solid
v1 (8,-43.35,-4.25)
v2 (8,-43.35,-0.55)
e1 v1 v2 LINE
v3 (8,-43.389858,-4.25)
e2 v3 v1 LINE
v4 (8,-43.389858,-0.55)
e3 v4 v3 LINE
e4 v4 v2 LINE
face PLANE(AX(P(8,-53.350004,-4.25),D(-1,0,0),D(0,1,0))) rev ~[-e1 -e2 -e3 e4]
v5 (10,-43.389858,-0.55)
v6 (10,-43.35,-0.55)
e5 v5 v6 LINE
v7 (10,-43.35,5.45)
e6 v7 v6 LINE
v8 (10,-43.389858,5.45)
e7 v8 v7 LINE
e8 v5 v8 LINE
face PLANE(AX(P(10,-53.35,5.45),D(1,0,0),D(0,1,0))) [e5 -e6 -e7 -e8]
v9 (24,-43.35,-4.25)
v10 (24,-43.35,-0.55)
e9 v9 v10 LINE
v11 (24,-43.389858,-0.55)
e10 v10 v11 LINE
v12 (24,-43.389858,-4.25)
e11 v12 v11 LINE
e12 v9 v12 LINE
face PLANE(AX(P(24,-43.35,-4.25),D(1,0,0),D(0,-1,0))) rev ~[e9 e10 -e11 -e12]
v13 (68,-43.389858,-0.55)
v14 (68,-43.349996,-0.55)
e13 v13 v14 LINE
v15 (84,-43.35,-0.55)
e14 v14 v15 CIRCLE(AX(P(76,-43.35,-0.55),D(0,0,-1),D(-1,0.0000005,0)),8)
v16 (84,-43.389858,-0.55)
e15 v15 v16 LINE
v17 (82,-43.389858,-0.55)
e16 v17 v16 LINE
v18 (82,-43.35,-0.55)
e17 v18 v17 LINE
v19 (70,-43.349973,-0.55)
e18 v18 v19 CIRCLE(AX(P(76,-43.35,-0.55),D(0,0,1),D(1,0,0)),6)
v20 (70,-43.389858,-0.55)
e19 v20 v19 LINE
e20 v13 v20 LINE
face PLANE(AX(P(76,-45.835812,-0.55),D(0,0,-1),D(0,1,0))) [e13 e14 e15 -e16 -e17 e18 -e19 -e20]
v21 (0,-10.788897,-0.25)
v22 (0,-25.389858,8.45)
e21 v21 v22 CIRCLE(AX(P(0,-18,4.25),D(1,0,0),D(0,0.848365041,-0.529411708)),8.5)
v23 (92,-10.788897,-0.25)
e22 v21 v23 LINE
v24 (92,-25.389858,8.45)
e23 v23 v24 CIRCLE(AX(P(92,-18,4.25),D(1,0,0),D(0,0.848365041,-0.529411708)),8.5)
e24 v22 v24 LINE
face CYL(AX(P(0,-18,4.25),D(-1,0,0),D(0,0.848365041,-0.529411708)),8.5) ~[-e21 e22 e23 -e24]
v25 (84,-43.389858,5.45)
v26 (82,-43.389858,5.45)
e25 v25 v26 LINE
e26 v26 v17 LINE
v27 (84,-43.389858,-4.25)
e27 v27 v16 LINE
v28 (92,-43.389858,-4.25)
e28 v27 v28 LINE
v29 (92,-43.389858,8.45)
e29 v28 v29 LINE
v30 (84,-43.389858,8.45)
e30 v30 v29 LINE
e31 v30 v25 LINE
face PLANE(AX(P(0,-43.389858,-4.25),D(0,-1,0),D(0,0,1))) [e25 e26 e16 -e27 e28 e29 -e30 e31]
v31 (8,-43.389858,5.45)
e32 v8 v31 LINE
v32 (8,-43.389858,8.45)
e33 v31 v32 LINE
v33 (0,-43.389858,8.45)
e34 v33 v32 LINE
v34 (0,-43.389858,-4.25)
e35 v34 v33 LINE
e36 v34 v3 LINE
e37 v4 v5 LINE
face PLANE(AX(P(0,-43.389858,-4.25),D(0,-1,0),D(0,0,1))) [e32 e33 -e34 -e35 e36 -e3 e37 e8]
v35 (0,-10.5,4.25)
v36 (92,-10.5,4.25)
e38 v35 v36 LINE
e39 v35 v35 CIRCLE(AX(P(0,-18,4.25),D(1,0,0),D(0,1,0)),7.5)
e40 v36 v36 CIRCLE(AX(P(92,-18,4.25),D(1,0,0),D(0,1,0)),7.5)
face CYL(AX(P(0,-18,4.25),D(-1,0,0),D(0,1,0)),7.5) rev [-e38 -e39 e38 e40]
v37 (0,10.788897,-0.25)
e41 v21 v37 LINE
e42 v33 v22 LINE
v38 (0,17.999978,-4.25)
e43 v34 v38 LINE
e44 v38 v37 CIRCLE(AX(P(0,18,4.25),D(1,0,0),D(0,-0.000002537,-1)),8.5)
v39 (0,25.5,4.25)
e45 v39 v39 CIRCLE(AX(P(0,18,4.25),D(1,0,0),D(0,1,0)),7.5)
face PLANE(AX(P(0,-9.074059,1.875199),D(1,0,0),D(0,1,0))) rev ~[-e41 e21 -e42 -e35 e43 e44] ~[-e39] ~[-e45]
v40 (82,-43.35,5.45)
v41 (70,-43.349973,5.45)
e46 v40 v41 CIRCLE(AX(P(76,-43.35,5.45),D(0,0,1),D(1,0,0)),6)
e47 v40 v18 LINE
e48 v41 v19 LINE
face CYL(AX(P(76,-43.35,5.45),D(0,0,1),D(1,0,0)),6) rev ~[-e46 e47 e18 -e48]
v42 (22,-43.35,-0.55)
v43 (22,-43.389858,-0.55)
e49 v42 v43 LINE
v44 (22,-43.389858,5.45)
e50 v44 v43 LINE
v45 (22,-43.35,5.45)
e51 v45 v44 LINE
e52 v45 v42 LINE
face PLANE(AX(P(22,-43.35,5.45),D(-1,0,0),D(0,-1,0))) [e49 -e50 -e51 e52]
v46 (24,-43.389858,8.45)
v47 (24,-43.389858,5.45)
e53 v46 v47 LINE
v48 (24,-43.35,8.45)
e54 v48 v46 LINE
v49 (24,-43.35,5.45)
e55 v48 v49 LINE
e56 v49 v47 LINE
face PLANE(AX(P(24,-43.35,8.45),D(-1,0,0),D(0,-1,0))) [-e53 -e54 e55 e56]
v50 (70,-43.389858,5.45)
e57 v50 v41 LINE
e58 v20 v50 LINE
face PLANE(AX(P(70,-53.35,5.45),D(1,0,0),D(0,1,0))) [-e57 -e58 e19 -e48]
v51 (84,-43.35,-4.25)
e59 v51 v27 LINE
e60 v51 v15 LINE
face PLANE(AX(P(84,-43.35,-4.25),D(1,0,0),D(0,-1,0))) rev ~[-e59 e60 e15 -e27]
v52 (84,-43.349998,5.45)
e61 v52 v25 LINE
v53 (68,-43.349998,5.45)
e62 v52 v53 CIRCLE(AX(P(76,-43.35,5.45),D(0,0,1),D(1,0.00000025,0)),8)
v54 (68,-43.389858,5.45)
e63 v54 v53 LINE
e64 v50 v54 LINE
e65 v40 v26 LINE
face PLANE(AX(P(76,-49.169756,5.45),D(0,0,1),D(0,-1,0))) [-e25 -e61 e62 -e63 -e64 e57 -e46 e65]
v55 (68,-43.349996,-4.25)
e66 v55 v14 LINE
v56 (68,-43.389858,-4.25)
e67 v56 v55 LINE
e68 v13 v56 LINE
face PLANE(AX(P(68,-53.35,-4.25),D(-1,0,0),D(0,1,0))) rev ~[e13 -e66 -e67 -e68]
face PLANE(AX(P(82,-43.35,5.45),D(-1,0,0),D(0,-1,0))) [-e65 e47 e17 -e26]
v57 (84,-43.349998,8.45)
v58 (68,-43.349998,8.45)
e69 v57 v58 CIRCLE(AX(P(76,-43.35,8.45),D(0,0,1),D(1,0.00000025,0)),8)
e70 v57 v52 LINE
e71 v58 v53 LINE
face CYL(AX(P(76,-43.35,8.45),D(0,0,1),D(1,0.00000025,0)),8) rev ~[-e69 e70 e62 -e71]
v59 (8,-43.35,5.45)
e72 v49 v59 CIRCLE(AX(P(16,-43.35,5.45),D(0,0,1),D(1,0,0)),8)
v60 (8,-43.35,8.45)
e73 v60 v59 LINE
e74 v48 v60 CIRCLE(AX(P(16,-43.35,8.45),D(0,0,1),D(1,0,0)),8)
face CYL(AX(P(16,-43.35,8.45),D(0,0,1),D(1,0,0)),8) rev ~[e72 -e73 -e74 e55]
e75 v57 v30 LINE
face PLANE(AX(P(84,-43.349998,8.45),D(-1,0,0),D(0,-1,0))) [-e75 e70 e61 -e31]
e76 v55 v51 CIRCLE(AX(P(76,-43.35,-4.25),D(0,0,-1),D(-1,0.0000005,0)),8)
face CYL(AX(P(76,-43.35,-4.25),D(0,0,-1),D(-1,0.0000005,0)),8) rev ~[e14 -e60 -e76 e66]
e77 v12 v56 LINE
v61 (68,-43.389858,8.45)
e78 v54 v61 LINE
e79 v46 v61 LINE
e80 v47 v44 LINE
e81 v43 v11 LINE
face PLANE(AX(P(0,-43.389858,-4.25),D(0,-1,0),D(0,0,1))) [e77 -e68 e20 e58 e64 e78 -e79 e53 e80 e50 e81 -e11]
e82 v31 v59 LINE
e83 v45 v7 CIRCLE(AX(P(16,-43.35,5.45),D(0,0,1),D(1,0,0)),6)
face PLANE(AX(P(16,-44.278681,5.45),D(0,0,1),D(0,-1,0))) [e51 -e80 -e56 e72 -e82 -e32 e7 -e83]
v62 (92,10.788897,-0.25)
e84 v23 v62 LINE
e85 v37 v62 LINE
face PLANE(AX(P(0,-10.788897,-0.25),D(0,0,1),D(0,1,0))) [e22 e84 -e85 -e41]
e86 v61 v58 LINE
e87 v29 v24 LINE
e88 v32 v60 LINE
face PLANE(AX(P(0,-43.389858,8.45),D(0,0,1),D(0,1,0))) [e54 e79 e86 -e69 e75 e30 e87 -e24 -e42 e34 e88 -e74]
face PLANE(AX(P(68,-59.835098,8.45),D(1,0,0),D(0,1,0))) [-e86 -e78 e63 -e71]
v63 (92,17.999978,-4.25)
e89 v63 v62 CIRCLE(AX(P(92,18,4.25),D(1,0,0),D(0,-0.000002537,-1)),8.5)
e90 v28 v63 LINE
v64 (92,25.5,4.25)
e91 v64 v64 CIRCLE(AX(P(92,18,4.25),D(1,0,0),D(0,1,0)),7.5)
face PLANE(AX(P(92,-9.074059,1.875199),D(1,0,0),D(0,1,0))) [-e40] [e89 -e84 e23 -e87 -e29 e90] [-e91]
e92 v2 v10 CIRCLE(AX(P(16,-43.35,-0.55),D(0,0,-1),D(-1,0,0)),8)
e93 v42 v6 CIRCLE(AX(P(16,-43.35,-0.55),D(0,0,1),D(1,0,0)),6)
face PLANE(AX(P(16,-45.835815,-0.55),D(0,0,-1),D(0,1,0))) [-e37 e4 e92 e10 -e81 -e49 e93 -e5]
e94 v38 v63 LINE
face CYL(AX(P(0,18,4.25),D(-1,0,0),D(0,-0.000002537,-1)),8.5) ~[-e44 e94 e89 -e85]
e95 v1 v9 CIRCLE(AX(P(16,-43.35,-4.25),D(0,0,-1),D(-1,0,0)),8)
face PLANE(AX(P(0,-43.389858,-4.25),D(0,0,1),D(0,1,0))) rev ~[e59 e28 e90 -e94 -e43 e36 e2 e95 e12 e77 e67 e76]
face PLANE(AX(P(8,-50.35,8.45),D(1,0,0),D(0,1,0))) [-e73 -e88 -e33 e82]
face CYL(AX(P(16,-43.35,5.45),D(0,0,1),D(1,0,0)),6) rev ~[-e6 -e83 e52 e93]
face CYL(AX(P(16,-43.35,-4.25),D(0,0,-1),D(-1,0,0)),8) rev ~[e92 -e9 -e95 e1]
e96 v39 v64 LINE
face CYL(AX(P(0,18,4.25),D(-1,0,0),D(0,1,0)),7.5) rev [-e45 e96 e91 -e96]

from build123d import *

# Parameters (mm, degrees)
SKETCH_R        = 7.5
PAD_DEPTH       = 92
POCKET_DEPTH    = 3
POCKET001_DEPTH = 9.701
POCKET002_DEPTH = 3.7


with BuildPart() as part:
    # Sketch → Pad (new body)
    with BuildSketch(Plane.YZ):
        with BuildLine():
            Line((-25.389858, -4.25), (17.999978, -4.25))
            ThreePointArc((17.999978, -4.25), (22.123115, 11.683029), (10.788897, -0.25))
            Line((-10.788897, -0.25), (10.788897, -0.25))
            ThreePointArc((-10.788897, -0.25), (-13.649082, 11.552021), (-25.389858, 8.45))
            Line((-43.389858, 8.45), (-25.389858, 8.45))
            Line((-43.389858, -4.25), (-43.389858, 8.45))
            Line((-25.389858, -4.25), (-43.389858, -4.25))
        make_face()
        with Locations((-18, 4.25)):
            Circle(SKETCH_R, mode=Mode.SUBTRACT)
        with Locations((18, 4.25)):
            Circle(SKETCH_R, mode=Mode.SUBTRACT)
    extrude(amount=PAD_DEPTH)

    # Sketch001 → Pocket (cut)
    with BuildSketch(Plane(origin=(0, 0, 8.45), x_dir=(0, -1, 0), z_dir=(0, 0, 1))):
        with BuildLine():
            ThreePointArc((43.35, 24), (35.35, 16), (43.35, 8))
            Line((50.35, 8), (43.35, 8))
            Line((50.35, 24), (50.35, 8))
            Line((43.35, 24), (50.35, 24))
        make_face()
        with BuildLine():
            ThreePointArc((43.349998, 84), (35.35, 76), (43.349998, 68))
            Line((59.835098, 68), (43.349998, 68))
            Line((59.835098, 84), (59.835098, 68))
            Line((43.349998, 84), (59.835098, 84))
        make_face()
    extrude(amount=-POCKET_DEPTH, mode=Mode.SUBTRACT)

    # Sketch002 → Pocket001 (cut, through all)
    with BuildSketch(Plane(origin=(0, 0, 5.45), x_dir=(0, -1, 0), z_dir=(0, 0, 1))):
        with BuildLine():
            ThreePointArc((43.35, 22), (37.35, 16), (43.35, 10))
            Line((53.35, 10), (43.35, 10))
            Line((53.35, 22), (53.35, 10))
            Line((43.35, 22), (53.35, 22))
        make_face()
        with BuildLine():
            ThreePointArc((43.35, 82), (37.35, 76.000014), (43.349973, 70))
            Line((53.35, 70), (43.349973, 70))
            Line((53.35, 82), (53.35, 70))
            Line((43.35, 82), (53.35, 82))
        make_face()
    extrude(amount=-POCKET001_DEPTH, mode=Mode.SUBTRACT)

    # Sketch003 → Pocket002 (cut)
    with BuildSketch(Plane.YX.offset(4.25)):
        with BuildLine():
            ThreePointArc((-43.349996, 68), (-35.35, 76.000002), (-43.35, 84))
            Line((-43.35, 84), (-53.35, 84))
            Line((-53.35, 84), (-53.35, 68))
            Line((-53.35, 68), (-43.349996, 68))
        make_face()
        with BuildLine():
            ThreePointArc((-43.35, 8), (-35.35, 16), (-43.35, 24))
            Line((-43.35, 24), (-53.350004, 24))
            Line((-53.350004, 24), (-53.350004, 8))
            Line((-53.350004, 8), (-43.35, 8))
        make_face()
    extrude(amount=-POCKET002_DEPTH, mode=Mode.SUBTRACT)


solid = part.part
